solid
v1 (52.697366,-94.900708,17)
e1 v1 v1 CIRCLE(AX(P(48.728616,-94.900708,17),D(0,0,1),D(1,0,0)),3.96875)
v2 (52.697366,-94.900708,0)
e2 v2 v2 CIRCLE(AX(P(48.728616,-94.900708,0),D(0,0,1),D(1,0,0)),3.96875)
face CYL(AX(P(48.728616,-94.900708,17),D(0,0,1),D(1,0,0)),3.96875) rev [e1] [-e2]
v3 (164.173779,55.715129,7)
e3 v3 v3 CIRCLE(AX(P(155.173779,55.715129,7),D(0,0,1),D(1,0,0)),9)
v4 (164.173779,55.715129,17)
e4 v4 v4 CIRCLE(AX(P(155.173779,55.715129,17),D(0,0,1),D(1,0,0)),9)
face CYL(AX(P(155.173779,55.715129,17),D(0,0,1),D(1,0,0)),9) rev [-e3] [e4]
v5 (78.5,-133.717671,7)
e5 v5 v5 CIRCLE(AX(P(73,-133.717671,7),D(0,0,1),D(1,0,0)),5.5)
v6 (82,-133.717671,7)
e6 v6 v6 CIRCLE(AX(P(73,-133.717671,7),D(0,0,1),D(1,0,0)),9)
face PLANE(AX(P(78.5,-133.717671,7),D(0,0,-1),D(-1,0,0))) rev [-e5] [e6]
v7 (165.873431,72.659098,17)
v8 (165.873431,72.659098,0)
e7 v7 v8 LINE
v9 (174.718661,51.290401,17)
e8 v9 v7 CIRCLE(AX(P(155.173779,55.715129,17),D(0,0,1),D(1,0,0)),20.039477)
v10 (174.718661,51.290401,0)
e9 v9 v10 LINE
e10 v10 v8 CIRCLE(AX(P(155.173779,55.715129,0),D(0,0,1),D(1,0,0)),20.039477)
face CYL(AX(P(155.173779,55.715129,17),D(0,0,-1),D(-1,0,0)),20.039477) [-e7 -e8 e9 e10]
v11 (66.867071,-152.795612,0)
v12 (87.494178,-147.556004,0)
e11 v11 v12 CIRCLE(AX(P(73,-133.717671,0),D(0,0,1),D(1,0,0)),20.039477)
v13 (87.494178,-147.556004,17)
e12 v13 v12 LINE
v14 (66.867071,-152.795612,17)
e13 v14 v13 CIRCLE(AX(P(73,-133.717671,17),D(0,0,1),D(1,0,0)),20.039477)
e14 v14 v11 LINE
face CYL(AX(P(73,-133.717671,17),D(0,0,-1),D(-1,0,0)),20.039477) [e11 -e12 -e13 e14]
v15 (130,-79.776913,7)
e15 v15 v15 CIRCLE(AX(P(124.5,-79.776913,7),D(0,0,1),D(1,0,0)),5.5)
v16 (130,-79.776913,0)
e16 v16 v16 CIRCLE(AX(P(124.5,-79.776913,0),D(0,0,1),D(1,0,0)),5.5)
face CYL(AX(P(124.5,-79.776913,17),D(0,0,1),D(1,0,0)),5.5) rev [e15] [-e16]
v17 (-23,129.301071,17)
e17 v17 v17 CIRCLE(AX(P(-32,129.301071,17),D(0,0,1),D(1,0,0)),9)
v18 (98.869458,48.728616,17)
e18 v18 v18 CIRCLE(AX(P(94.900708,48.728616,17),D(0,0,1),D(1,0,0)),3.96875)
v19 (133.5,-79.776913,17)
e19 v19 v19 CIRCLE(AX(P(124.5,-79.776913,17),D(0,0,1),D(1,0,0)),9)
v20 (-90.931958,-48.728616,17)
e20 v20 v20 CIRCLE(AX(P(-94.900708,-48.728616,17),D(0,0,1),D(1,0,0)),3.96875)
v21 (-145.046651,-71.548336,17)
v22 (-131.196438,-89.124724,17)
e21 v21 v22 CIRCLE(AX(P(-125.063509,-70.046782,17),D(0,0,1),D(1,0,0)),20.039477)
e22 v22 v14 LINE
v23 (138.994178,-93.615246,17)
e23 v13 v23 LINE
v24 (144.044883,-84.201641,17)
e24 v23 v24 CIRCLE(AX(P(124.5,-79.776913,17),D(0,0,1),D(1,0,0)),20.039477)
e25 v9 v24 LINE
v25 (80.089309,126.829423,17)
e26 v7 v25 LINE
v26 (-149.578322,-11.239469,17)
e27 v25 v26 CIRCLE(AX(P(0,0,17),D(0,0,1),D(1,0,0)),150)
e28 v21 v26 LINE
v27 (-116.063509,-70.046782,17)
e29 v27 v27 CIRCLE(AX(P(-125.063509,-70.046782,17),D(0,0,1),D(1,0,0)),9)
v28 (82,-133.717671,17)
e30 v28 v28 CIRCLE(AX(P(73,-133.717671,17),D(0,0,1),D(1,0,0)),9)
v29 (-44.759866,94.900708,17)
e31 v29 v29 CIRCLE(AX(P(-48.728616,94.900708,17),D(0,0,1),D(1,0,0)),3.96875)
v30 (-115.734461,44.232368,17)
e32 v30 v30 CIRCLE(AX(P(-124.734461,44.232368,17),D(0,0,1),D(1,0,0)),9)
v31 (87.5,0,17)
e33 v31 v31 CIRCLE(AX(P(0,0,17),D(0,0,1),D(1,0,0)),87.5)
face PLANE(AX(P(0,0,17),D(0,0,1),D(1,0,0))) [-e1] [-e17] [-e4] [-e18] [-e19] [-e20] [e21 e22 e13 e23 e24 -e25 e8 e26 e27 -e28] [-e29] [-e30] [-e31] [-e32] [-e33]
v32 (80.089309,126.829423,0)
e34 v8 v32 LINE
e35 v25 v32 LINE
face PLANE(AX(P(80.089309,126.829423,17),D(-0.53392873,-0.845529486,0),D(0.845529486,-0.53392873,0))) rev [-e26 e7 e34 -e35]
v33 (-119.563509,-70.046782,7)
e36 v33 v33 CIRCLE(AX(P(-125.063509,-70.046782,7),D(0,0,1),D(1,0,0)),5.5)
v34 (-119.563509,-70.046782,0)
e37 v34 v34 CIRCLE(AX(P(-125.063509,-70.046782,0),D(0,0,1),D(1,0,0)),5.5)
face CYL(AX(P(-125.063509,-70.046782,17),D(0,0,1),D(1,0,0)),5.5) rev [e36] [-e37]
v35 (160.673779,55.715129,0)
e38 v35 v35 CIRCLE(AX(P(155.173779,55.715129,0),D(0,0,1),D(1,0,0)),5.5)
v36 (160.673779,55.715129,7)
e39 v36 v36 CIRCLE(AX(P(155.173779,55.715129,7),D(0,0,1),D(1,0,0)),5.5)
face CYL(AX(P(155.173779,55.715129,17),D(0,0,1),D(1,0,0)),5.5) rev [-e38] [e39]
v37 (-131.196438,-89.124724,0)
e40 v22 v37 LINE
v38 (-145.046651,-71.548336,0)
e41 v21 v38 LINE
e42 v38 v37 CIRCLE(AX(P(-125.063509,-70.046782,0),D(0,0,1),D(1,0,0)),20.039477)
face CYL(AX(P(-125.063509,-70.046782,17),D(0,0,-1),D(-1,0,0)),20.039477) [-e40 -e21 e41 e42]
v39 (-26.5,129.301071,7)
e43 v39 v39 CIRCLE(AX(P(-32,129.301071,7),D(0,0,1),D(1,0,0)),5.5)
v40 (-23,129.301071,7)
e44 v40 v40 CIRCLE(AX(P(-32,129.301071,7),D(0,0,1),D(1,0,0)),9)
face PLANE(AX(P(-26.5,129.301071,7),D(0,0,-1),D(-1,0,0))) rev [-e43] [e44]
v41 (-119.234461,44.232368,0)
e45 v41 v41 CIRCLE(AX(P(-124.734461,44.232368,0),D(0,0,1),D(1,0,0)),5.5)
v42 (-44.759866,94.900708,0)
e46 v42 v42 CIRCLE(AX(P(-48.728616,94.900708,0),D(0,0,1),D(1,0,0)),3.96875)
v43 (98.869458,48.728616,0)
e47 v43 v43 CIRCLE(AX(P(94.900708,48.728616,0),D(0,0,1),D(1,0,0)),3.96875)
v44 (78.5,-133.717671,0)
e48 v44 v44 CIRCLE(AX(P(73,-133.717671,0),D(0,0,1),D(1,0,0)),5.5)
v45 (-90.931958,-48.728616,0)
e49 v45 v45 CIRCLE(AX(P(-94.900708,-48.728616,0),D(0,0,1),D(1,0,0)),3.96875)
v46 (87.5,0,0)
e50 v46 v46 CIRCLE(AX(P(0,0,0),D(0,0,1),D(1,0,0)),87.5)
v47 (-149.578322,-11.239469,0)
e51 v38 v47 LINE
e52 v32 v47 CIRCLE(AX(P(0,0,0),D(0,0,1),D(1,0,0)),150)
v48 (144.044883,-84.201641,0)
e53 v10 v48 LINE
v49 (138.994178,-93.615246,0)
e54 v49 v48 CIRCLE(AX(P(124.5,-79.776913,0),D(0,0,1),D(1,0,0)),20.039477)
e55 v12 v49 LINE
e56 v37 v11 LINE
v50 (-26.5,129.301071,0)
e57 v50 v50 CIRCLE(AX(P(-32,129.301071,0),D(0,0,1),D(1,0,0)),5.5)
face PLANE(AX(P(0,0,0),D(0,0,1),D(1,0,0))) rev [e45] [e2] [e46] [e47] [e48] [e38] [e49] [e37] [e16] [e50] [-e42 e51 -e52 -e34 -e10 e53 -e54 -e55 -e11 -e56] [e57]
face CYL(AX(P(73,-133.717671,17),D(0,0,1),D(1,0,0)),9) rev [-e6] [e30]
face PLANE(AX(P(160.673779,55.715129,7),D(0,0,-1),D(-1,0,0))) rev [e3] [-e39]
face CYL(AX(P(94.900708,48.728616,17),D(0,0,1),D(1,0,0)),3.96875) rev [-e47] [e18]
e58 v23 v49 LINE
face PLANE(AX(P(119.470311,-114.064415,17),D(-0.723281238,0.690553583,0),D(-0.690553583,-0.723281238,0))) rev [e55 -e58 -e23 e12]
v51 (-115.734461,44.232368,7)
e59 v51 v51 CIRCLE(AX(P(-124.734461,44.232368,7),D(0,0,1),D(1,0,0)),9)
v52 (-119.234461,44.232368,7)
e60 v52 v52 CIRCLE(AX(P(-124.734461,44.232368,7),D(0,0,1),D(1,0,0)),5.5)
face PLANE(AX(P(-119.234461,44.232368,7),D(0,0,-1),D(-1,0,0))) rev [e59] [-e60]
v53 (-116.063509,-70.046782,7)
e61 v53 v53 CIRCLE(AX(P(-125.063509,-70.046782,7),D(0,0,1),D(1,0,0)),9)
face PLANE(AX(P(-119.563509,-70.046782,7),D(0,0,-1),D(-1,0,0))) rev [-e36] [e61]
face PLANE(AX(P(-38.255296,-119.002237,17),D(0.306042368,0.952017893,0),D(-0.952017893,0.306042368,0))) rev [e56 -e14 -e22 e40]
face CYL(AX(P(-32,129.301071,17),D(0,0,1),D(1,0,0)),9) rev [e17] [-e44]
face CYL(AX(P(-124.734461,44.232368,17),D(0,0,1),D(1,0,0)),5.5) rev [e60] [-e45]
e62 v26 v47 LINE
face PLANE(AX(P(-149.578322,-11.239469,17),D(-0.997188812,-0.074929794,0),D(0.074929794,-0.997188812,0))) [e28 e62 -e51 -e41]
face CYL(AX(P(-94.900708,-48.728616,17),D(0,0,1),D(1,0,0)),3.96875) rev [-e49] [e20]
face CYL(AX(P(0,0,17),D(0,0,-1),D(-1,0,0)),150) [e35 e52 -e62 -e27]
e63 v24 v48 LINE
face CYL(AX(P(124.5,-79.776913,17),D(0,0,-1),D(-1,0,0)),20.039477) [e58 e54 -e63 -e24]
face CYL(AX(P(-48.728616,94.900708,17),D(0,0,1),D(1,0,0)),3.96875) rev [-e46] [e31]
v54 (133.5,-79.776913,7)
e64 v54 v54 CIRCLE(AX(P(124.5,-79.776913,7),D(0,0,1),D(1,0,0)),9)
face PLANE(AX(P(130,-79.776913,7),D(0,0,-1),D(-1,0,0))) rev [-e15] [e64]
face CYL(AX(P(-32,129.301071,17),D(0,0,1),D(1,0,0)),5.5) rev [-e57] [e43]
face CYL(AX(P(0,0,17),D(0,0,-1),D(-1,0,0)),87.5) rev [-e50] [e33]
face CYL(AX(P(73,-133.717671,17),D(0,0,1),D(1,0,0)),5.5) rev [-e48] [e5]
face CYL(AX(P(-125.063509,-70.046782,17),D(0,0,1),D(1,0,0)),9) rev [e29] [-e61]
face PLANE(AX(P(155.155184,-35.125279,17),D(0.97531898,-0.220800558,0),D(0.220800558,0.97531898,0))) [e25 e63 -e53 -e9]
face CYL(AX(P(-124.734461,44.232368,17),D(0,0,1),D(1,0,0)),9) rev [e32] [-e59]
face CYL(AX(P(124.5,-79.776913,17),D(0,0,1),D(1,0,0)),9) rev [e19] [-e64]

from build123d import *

# Parameters (mm, degrees)
SKETCH1_R                       = 4
SKETCH1_R_2                     = 87.5
BOSS_EXTRUDE1_DEPTH             = 17
CBORE_FOR_M10_SHCS1_D           = 11
CBORE_FOR_M10_SHCS1_CBORE_D     = 18
CBORE_FOR_M10_SHCS1_CBORE_DEPTH = 10
F_3_8_16_TAPPED_HOLE3_D         = 7.9375


with BuildPart() as part:
    # Sketch1 → Boss-Extrude1 (new body)
    with BuildSketch(Plane.XY):
        with BuildLine():
            Line((-131.19643785, -89.124723518), (66.8670709, -152.795612062))
            ThreePointArc((66.8670709, -152.795612062), (77.933659306, -153.140329428), (87.494178001, -147.556003928))
            Line((87.494178001, -147.556003928), (138.994178001, -93.615245818))
            ThreePointArc((138.994178001, -93.615245818), (142.158380517, -89.25120713), (144.044882633, -84.201640712))
            Line((144.044882633, -84.201640712), (174.718661169, 51.290400995))
            ThreePointArc((174.718661169, 51.290400995), (173.689671163, 63.379486111), (165.873431227, 72.659097776))
            Line((165.873431227, 72.659097776), (80.089309433, 126.829422905))
            ThreePointArc((80.089309433, 126.829422905), (-77.284768492, 128.557631275), (-149.578321741, -11.239469072))
            Line((-149.578321741, -11.239469072), (-145.046651368, -71.548336401))
            ThreePointArc((-145.046651368, -71.548336401), (-140.803414929, -82.449846894), (-131.19643785, -89.124723518))
        make_face()
        with Locations((-125.063508749, -70.046782494)):
            Circle(SKETCH1_R, mode=Mode.SUBTRACT)
        with Locations((73.000000001, -133.717671038)):
            Circle(SKETCH1_R, mode=Mode.SUBTRACT)
        with Locations((124.500000001, -79.776912929)):
            Circle(SKETCH1_R, mode=Mode.SUBTRACT)
        with Locations((155.173778537, 55.715128778)):
            Circle(SKETCH1_R, mode=Mode.SUBTRACT)
        with Locations((-32, 129.301071167)):
            Circle(SKETCH1_R, mode=Mode.SUBTRACT)
        Circle(SKETCH1_R_2, mode=Mode.SUBTRACT)
        with Locations((-124.734461308, 44.232368469)):
            Circle(SKETCH1_R, mode=Mode.SUBTRACT)
    extrude(amount=BOSS_EXTRUDE1_DEPTH)

    # CBORE for M10 SHCS1 (through all)
    with Locations(Plane(origin=(-124.734461308, 44.232368469, 17), x_dir=(1, 0, 0), z_dir=(0, 0, 1))):
        with Locations((0, 0), (92.734461308, 85.068702698), (279.908239845, 11.482760309), (249.234461309, -124.009281398), (197.734461309, -177.950039507), (-0.329047441, -114.279150963)):
            CounterBoreHole(CBORE_FOR_M10_SHCS1_D / 2, CBORE_FOR_M10_SHCS1_CBORE_D / 2, CBORE_FOR_M10_SHCS1_CBORE_DEPTH)

    # 3/8-16 Tapped Hole3 (through all)
    with Locations(Plane(origin=(-48.728615608, 94.900708221, 17), x_dir=(1, 0, 0), z_dir=(0, 0, 1))):
        with Locations((0, 0), (143.629323829, -46.172092613), (97.457231216, -189.801416442), (-46.172092613, -143.629323829)):
            Hole(F_3_8_16_TAPPED_HOLE3_D / 2)


solid = part.part
